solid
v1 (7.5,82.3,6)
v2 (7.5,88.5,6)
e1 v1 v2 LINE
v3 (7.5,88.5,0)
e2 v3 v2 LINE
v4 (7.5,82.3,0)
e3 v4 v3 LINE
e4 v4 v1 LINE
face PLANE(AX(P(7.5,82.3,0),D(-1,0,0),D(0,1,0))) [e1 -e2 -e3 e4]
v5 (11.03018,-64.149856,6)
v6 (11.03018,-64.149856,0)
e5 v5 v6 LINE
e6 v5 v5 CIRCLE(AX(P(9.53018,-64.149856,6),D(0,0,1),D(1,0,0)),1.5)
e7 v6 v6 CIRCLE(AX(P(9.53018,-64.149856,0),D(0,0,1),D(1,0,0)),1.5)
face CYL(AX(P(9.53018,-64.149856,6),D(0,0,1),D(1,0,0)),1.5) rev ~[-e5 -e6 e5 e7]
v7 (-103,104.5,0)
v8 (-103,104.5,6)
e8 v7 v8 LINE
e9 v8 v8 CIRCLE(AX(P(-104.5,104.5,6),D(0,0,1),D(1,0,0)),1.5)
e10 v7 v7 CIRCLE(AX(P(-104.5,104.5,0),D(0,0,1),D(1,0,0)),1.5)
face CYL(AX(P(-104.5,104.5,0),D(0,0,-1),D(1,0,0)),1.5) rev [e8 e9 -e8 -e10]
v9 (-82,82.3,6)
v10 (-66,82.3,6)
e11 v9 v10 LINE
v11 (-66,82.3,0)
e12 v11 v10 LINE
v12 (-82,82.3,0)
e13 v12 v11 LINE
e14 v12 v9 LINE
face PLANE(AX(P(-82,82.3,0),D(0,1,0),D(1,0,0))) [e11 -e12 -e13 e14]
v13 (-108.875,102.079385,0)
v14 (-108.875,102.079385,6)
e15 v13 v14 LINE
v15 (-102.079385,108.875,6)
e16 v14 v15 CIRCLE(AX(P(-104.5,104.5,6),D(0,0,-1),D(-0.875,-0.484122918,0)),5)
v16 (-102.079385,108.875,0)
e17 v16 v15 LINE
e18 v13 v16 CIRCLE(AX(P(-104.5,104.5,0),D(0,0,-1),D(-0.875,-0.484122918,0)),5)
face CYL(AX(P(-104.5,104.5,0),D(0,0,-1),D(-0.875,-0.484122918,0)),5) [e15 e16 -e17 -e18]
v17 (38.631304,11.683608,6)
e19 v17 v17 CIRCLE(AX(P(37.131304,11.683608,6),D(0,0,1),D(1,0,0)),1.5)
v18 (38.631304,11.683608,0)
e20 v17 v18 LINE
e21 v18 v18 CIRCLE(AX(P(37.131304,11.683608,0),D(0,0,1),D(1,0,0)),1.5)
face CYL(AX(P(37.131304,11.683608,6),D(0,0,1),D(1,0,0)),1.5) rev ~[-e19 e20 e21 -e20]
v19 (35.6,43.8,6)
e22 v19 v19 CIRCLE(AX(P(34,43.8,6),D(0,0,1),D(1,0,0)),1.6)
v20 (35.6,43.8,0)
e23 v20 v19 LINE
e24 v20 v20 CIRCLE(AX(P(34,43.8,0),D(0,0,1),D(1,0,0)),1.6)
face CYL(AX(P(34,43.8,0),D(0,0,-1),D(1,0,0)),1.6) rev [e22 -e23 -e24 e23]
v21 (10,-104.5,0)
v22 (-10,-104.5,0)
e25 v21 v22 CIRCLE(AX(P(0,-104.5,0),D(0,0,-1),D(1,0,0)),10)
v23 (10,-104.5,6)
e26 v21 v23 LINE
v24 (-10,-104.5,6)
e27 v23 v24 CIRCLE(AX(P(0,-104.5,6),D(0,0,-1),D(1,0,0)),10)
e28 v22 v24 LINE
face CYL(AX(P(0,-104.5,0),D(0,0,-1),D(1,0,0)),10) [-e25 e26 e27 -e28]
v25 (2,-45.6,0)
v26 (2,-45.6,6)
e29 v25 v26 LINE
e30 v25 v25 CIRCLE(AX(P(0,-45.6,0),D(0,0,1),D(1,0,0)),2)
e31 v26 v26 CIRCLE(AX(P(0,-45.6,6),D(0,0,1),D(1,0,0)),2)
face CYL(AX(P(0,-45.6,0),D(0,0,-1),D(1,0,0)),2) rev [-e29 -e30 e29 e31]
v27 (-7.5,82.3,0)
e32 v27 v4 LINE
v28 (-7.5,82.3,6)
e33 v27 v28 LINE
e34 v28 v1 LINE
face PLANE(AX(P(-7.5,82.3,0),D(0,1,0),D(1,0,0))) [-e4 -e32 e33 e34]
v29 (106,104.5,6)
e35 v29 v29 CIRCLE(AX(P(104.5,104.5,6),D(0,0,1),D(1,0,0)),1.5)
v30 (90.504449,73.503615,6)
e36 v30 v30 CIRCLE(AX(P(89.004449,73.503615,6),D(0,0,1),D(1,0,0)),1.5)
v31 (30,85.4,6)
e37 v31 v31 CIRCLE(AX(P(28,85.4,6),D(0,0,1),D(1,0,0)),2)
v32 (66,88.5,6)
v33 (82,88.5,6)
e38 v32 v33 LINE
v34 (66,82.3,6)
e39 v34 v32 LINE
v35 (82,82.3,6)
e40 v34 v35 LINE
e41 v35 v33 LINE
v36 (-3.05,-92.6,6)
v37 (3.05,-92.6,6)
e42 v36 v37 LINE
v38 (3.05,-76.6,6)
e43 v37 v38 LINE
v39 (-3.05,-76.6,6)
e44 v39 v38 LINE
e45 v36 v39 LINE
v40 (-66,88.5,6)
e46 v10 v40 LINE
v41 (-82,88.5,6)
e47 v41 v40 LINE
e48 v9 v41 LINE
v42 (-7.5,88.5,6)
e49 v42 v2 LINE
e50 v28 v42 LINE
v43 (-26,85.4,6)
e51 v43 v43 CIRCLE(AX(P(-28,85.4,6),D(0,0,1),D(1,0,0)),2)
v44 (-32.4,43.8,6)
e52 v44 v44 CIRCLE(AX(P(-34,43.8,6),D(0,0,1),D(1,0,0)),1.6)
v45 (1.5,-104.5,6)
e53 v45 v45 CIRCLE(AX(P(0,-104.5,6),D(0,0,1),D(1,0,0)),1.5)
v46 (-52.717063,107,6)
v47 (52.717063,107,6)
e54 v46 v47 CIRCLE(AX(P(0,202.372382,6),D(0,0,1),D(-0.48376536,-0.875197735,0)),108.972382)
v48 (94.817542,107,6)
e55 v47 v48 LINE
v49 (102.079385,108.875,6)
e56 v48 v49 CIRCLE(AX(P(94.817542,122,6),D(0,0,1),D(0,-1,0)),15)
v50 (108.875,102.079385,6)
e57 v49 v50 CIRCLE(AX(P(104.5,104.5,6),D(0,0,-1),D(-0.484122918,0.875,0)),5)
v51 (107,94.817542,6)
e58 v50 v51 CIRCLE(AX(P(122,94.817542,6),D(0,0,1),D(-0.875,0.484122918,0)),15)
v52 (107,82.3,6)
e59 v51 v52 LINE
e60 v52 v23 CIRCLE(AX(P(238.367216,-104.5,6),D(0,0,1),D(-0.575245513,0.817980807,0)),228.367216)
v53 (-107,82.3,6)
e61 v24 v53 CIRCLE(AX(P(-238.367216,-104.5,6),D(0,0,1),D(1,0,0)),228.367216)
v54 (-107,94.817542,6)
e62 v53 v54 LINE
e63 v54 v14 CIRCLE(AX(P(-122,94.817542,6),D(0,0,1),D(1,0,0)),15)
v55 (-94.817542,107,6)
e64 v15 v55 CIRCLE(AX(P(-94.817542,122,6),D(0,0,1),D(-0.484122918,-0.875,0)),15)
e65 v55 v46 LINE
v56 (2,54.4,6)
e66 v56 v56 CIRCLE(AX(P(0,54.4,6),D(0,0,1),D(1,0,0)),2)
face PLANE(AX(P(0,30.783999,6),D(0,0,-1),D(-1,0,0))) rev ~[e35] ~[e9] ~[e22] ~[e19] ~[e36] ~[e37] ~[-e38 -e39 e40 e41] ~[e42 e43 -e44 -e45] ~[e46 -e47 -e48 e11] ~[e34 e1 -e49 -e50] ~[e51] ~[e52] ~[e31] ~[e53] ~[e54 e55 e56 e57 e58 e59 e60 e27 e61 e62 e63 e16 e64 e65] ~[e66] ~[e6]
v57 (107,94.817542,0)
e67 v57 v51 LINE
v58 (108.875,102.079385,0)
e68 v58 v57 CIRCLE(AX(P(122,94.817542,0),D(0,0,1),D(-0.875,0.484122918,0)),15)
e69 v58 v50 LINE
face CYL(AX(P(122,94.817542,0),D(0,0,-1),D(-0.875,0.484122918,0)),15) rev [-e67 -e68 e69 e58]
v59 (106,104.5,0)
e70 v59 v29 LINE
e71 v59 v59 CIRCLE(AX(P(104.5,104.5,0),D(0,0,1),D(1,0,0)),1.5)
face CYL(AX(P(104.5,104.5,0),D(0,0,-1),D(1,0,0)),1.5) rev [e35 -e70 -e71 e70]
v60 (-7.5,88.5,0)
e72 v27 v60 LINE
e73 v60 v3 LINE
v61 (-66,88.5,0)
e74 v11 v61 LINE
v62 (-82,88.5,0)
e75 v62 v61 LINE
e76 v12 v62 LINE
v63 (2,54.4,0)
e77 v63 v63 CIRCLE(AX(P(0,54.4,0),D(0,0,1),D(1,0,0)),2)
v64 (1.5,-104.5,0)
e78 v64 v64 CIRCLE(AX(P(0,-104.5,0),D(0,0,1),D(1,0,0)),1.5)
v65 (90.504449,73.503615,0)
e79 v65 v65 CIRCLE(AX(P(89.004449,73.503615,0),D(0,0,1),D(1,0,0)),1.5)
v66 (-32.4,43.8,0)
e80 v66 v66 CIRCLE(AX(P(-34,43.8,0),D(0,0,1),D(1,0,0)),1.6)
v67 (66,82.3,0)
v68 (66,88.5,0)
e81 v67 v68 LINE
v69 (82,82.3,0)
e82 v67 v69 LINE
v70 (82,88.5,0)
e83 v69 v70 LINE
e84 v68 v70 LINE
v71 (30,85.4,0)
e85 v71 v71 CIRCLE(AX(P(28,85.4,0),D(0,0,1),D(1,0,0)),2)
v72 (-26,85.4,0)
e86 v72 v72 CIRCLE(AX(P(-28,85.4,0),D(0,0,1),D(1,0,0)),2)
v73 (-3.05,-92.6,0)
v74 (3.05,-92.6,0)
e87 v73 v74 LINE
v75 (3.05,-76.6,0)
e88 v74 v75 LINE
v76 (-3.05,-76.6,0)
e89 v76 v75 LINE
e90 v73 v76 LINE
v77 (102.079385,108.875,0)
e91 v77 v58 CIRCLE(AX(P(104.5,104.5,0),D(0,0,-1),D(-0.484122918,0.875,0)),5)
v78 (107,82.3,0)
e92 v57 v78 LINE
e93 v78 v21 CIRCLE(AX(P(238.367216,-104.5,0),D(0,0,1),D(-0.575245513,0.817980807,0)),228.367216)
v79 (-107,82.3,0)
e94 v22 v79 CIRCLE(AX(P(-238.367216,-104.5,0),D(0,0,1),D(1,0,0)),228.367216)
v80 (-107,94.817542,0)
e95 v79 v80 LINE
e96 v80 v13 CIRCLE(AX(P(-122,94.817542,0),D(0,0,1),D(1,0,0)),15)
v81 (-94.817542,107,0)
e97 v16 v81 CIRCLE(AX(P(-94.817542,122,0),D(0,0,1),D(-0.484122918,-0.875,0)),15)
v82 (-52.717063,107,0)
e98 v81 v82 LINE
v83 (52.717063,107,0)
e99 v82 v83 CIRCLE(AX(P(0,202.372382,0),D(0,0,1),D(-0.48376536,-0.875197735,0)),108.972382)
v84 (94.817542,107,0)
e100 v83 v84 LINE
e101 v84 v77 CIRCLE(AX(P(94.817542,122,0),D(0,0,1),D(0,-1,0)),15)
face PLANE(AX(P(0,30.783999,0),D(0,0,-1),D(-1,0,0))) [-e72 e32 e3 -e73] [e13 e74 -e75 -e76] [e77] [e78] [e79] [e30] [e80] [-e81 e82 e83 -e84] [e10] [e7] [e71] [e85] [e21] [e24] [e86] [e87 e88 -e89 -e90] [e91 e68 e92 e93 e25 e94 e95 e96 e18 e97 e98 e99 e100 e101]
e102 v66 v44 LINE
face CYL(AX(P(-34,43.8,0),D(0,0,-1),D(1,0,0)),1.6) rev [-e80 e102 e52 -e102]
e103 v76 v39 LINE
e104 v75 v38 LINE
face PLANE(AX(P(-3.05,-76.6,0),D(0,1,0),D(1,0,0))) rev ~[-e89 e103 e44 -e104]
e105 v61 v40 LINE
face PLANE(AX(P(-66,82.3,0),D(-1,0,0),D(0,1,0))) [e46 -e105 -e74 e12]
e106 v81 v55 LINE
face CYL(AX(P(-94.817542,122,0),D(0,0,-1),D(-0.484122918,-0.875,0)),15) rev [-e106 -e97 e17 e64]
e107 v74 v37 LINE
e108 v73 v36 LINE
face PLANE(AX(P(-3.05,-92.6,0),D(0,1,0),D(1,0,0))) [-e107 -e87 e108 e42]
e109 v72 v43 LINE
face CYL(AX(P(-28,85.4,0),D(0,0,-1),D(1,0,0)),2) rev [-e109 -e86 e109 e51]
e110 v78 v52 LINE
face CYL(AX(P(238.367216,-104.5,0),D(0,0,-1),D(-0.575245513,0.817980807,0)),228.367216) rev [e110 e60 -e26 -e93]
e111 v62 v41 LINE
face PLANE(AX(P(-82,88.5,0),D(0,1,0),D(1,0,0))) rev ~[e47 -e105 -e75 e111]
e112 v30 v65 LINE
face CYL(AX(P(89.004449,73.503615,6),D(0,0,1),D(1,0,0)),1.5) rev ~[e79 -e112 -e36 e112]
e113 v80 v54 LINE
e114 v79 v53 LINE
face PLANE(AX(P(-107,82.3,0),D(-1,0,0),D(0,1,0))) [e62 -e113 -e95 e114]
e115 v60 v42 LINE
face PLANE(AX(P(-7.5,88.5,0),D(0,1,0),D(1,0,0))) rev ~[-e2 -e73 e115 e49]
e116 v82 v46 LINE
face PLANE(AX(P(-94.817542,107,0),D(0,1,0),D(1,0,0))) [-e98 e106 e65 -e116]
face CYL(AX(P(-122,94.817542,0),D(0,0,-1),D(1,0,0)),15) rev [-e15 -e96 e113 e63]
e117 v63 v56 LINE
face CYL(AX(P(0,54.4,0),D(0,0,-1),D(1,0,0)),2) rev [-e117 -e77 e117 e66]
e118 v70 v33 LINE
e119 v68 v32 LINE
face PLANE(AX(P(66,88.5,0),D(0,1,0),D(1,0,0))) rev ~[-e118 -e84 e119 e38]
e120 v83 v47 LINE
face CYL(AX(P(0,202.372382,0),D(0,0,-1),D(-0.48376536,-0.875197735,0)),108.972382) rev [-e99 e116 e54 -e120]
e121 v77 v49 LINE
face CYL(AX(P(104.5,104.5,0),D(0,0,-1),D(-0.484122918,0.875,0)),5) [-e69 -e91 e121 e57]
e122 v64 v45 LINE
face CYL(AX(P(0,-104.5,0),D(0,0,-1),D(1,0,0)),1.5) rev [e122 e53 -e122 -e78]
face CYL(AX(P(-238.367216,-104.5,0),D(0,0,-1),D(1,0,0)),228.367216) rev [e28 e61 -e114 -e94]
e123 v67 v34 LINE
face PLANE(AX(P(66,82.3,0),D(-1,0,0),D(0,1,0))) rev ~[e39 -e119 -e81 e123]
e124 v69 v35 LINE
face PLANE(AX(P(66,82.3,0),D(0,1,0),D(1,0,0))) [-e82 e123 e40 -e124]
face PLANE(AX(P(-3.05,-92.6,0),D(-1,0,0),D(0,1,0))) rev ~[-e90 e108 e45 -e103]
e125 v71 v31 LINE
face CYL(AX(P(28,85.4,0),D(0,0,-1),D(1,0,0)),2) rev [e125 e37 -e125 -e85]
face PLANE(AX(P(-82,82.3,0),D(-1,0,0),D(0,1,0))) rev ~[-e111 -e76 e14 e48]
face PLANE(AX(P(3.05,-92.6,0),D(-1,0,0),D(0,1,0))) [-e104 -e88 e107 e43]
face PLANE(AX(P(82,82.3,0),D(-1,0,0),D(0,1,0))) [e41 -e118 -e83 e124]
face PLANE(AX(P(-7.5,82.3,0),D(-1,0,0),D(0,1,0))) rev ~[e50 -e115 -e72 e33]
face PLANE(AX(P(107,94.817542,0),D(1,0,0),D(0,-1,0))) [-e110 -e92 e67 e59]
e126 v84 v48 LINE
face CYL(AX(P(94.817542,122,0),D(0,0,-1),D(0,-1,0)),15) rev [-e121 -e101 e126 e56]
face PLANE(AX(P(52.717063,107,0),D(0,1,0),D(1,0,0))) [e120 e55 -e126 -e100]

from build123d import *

# Parameters (mm, degrees)
SKETCH1_R           = 1.5
SKETCH1_R_2         = 2
SKETCH1_R_3         = 1.6
SKETCH1_W           = 16
SKETCH1_H           = 6.2
SKETCH1_W_2         = 6.1
SKETCH1_H_2         = 16
SKETCH1_W_3         = 15
BOSS_EXTRUDE1_DEPTH = 6
SKETCH2_R           = 1.5
CUT_EXTRUDE1_DEPTH  = 7


with BuildPart() as part:
    # Sketch1 → Boss-Extrude1 (new body)
    with BuildSketch(Plane.XY):
        with BuildLine():
            Line((86.201143473, 107), (94.817541634, 107))
            ThreePointArc((94.817541634, 107), (98.567541634, 107.476312452), (102.079385409, 108.875))
            ThreePointArc((102.079385409, 108.875), (108.035533906, 108.035533906), (108.875, 102.079385409))
            ThreePointArc((108.875, 102.079385409), (107.476312452, 98.567541634), (107, 94.817541634))
            Line((107, 94.817541634), (107, 82.3))
            ThreePointArc((107, 82.3), (35.695621125, 0.741674255), (10, -104.5))
            ThreePointArc((10, -104.5), (0, -114.5), (-10, -104.5))
            ThreePointArc((-10, -104.5), (-35.695621125, 0.741674255), (-107, 82.3))
            Line((-107, 82.3), (-107, 94.817541634))
            ThreePointArc((-107, 94.817541634), (-107.476312452, 98.567541634), (-108.875, 102.079385409))
            ThreePointArc((-108.875, 102.079385409), (-108.035533906, 108.035533906), (-102.079385409, 108.875))
            ThreePointArc((-102.079385409, 108.875), (-98.567541634, 107.476312452), (-94.817541634, 107))
            Line((-94.817541634, 107), (-91.798856527, 107))
            Line((-91.798856527, 107), (-52.717063467, 107))
            ThreePointArc((-52.717063467, 107), (0, 93.4), (52.717063467, 107))
            Line((52.717063467, 107), (86.201143473, 107))
        make_face()
        with Locations((-104.5, 104.5)):
            Circle(SKETCH1_R, mode=Mode.SUBTRACT)
        with Locations((104.5, 104.5)):
            Circle(SKETCH1_R, mode=Mode.SUBTRACT)
        with Locations((-28, 85.4)):
            Circle(SKETCH1_R_2, mode=Mode.SUBTRACT)
        with Locations((-34, 43.8)):
            Circle(SKETCH1_R_3, mode=Mode.SUBTRACT)
        with Locations((0, 54.4)):
            Circle(SKETCH1_R_2, mode=Mode.SUBTRACT)
        with Locations((0, -104.5)):
            Circle(SKETCH1_R, mode=Mode.SUBTRACT)
        with Locations((0, -45.6)):
            Circle(SKETCH1_R_2, mode=Mode.SUBTRACT)
        with Locations((28, 85.4)):
            Circle(SKETCH1_R_2, mode=Mode.SUBTRACT)
        with Locations((34, 43.8)):
            Circle(SKETCH1_R_3, mode=Mode.SUBTRACT)
        with Locations((-74, 85.4)):
            Rectangle(SKETCH1_W, SKETCH1_H, mode=Mode.SUBTRACT)
        with Locations((74, 85.4)):
            Rectangle(SKETCH1_W, SKETCH1_H, mode=Mode.SUBTRACT)
        with Locations((0, -84.6)):
            Rectangle(SKETCH1_W_2, SKETCH1_H_2, mode=Mode.SUBTRACT)
        with Locations((0, 85.4)):
            Rectangle(SKETCH1_W_3, SKETCH1_H, mode=Mode.SUBTRACT)
    extrude(amount=BOSS_EXTRUDE1_DEPTH)

    # Sketch2 → Cut-Extrude1 (cut, through all)
    with BuildSketch(Plane.XY.offset(6)):
        with Locations((9.530180145, -64.149856306)):
            Circle(SKETCH2_R)
        with Locations((37.131304004, 11.683608247)):
            Circle(SKETCH2_R)
        with Locations((89.004448835, 73.503614959)):
            Circle(SKETCH2_R)
    extrude(amount=-CUT_EXTRUDE1_DEPTH, mode=Mode.SUBTRACT)


solid = part.part
